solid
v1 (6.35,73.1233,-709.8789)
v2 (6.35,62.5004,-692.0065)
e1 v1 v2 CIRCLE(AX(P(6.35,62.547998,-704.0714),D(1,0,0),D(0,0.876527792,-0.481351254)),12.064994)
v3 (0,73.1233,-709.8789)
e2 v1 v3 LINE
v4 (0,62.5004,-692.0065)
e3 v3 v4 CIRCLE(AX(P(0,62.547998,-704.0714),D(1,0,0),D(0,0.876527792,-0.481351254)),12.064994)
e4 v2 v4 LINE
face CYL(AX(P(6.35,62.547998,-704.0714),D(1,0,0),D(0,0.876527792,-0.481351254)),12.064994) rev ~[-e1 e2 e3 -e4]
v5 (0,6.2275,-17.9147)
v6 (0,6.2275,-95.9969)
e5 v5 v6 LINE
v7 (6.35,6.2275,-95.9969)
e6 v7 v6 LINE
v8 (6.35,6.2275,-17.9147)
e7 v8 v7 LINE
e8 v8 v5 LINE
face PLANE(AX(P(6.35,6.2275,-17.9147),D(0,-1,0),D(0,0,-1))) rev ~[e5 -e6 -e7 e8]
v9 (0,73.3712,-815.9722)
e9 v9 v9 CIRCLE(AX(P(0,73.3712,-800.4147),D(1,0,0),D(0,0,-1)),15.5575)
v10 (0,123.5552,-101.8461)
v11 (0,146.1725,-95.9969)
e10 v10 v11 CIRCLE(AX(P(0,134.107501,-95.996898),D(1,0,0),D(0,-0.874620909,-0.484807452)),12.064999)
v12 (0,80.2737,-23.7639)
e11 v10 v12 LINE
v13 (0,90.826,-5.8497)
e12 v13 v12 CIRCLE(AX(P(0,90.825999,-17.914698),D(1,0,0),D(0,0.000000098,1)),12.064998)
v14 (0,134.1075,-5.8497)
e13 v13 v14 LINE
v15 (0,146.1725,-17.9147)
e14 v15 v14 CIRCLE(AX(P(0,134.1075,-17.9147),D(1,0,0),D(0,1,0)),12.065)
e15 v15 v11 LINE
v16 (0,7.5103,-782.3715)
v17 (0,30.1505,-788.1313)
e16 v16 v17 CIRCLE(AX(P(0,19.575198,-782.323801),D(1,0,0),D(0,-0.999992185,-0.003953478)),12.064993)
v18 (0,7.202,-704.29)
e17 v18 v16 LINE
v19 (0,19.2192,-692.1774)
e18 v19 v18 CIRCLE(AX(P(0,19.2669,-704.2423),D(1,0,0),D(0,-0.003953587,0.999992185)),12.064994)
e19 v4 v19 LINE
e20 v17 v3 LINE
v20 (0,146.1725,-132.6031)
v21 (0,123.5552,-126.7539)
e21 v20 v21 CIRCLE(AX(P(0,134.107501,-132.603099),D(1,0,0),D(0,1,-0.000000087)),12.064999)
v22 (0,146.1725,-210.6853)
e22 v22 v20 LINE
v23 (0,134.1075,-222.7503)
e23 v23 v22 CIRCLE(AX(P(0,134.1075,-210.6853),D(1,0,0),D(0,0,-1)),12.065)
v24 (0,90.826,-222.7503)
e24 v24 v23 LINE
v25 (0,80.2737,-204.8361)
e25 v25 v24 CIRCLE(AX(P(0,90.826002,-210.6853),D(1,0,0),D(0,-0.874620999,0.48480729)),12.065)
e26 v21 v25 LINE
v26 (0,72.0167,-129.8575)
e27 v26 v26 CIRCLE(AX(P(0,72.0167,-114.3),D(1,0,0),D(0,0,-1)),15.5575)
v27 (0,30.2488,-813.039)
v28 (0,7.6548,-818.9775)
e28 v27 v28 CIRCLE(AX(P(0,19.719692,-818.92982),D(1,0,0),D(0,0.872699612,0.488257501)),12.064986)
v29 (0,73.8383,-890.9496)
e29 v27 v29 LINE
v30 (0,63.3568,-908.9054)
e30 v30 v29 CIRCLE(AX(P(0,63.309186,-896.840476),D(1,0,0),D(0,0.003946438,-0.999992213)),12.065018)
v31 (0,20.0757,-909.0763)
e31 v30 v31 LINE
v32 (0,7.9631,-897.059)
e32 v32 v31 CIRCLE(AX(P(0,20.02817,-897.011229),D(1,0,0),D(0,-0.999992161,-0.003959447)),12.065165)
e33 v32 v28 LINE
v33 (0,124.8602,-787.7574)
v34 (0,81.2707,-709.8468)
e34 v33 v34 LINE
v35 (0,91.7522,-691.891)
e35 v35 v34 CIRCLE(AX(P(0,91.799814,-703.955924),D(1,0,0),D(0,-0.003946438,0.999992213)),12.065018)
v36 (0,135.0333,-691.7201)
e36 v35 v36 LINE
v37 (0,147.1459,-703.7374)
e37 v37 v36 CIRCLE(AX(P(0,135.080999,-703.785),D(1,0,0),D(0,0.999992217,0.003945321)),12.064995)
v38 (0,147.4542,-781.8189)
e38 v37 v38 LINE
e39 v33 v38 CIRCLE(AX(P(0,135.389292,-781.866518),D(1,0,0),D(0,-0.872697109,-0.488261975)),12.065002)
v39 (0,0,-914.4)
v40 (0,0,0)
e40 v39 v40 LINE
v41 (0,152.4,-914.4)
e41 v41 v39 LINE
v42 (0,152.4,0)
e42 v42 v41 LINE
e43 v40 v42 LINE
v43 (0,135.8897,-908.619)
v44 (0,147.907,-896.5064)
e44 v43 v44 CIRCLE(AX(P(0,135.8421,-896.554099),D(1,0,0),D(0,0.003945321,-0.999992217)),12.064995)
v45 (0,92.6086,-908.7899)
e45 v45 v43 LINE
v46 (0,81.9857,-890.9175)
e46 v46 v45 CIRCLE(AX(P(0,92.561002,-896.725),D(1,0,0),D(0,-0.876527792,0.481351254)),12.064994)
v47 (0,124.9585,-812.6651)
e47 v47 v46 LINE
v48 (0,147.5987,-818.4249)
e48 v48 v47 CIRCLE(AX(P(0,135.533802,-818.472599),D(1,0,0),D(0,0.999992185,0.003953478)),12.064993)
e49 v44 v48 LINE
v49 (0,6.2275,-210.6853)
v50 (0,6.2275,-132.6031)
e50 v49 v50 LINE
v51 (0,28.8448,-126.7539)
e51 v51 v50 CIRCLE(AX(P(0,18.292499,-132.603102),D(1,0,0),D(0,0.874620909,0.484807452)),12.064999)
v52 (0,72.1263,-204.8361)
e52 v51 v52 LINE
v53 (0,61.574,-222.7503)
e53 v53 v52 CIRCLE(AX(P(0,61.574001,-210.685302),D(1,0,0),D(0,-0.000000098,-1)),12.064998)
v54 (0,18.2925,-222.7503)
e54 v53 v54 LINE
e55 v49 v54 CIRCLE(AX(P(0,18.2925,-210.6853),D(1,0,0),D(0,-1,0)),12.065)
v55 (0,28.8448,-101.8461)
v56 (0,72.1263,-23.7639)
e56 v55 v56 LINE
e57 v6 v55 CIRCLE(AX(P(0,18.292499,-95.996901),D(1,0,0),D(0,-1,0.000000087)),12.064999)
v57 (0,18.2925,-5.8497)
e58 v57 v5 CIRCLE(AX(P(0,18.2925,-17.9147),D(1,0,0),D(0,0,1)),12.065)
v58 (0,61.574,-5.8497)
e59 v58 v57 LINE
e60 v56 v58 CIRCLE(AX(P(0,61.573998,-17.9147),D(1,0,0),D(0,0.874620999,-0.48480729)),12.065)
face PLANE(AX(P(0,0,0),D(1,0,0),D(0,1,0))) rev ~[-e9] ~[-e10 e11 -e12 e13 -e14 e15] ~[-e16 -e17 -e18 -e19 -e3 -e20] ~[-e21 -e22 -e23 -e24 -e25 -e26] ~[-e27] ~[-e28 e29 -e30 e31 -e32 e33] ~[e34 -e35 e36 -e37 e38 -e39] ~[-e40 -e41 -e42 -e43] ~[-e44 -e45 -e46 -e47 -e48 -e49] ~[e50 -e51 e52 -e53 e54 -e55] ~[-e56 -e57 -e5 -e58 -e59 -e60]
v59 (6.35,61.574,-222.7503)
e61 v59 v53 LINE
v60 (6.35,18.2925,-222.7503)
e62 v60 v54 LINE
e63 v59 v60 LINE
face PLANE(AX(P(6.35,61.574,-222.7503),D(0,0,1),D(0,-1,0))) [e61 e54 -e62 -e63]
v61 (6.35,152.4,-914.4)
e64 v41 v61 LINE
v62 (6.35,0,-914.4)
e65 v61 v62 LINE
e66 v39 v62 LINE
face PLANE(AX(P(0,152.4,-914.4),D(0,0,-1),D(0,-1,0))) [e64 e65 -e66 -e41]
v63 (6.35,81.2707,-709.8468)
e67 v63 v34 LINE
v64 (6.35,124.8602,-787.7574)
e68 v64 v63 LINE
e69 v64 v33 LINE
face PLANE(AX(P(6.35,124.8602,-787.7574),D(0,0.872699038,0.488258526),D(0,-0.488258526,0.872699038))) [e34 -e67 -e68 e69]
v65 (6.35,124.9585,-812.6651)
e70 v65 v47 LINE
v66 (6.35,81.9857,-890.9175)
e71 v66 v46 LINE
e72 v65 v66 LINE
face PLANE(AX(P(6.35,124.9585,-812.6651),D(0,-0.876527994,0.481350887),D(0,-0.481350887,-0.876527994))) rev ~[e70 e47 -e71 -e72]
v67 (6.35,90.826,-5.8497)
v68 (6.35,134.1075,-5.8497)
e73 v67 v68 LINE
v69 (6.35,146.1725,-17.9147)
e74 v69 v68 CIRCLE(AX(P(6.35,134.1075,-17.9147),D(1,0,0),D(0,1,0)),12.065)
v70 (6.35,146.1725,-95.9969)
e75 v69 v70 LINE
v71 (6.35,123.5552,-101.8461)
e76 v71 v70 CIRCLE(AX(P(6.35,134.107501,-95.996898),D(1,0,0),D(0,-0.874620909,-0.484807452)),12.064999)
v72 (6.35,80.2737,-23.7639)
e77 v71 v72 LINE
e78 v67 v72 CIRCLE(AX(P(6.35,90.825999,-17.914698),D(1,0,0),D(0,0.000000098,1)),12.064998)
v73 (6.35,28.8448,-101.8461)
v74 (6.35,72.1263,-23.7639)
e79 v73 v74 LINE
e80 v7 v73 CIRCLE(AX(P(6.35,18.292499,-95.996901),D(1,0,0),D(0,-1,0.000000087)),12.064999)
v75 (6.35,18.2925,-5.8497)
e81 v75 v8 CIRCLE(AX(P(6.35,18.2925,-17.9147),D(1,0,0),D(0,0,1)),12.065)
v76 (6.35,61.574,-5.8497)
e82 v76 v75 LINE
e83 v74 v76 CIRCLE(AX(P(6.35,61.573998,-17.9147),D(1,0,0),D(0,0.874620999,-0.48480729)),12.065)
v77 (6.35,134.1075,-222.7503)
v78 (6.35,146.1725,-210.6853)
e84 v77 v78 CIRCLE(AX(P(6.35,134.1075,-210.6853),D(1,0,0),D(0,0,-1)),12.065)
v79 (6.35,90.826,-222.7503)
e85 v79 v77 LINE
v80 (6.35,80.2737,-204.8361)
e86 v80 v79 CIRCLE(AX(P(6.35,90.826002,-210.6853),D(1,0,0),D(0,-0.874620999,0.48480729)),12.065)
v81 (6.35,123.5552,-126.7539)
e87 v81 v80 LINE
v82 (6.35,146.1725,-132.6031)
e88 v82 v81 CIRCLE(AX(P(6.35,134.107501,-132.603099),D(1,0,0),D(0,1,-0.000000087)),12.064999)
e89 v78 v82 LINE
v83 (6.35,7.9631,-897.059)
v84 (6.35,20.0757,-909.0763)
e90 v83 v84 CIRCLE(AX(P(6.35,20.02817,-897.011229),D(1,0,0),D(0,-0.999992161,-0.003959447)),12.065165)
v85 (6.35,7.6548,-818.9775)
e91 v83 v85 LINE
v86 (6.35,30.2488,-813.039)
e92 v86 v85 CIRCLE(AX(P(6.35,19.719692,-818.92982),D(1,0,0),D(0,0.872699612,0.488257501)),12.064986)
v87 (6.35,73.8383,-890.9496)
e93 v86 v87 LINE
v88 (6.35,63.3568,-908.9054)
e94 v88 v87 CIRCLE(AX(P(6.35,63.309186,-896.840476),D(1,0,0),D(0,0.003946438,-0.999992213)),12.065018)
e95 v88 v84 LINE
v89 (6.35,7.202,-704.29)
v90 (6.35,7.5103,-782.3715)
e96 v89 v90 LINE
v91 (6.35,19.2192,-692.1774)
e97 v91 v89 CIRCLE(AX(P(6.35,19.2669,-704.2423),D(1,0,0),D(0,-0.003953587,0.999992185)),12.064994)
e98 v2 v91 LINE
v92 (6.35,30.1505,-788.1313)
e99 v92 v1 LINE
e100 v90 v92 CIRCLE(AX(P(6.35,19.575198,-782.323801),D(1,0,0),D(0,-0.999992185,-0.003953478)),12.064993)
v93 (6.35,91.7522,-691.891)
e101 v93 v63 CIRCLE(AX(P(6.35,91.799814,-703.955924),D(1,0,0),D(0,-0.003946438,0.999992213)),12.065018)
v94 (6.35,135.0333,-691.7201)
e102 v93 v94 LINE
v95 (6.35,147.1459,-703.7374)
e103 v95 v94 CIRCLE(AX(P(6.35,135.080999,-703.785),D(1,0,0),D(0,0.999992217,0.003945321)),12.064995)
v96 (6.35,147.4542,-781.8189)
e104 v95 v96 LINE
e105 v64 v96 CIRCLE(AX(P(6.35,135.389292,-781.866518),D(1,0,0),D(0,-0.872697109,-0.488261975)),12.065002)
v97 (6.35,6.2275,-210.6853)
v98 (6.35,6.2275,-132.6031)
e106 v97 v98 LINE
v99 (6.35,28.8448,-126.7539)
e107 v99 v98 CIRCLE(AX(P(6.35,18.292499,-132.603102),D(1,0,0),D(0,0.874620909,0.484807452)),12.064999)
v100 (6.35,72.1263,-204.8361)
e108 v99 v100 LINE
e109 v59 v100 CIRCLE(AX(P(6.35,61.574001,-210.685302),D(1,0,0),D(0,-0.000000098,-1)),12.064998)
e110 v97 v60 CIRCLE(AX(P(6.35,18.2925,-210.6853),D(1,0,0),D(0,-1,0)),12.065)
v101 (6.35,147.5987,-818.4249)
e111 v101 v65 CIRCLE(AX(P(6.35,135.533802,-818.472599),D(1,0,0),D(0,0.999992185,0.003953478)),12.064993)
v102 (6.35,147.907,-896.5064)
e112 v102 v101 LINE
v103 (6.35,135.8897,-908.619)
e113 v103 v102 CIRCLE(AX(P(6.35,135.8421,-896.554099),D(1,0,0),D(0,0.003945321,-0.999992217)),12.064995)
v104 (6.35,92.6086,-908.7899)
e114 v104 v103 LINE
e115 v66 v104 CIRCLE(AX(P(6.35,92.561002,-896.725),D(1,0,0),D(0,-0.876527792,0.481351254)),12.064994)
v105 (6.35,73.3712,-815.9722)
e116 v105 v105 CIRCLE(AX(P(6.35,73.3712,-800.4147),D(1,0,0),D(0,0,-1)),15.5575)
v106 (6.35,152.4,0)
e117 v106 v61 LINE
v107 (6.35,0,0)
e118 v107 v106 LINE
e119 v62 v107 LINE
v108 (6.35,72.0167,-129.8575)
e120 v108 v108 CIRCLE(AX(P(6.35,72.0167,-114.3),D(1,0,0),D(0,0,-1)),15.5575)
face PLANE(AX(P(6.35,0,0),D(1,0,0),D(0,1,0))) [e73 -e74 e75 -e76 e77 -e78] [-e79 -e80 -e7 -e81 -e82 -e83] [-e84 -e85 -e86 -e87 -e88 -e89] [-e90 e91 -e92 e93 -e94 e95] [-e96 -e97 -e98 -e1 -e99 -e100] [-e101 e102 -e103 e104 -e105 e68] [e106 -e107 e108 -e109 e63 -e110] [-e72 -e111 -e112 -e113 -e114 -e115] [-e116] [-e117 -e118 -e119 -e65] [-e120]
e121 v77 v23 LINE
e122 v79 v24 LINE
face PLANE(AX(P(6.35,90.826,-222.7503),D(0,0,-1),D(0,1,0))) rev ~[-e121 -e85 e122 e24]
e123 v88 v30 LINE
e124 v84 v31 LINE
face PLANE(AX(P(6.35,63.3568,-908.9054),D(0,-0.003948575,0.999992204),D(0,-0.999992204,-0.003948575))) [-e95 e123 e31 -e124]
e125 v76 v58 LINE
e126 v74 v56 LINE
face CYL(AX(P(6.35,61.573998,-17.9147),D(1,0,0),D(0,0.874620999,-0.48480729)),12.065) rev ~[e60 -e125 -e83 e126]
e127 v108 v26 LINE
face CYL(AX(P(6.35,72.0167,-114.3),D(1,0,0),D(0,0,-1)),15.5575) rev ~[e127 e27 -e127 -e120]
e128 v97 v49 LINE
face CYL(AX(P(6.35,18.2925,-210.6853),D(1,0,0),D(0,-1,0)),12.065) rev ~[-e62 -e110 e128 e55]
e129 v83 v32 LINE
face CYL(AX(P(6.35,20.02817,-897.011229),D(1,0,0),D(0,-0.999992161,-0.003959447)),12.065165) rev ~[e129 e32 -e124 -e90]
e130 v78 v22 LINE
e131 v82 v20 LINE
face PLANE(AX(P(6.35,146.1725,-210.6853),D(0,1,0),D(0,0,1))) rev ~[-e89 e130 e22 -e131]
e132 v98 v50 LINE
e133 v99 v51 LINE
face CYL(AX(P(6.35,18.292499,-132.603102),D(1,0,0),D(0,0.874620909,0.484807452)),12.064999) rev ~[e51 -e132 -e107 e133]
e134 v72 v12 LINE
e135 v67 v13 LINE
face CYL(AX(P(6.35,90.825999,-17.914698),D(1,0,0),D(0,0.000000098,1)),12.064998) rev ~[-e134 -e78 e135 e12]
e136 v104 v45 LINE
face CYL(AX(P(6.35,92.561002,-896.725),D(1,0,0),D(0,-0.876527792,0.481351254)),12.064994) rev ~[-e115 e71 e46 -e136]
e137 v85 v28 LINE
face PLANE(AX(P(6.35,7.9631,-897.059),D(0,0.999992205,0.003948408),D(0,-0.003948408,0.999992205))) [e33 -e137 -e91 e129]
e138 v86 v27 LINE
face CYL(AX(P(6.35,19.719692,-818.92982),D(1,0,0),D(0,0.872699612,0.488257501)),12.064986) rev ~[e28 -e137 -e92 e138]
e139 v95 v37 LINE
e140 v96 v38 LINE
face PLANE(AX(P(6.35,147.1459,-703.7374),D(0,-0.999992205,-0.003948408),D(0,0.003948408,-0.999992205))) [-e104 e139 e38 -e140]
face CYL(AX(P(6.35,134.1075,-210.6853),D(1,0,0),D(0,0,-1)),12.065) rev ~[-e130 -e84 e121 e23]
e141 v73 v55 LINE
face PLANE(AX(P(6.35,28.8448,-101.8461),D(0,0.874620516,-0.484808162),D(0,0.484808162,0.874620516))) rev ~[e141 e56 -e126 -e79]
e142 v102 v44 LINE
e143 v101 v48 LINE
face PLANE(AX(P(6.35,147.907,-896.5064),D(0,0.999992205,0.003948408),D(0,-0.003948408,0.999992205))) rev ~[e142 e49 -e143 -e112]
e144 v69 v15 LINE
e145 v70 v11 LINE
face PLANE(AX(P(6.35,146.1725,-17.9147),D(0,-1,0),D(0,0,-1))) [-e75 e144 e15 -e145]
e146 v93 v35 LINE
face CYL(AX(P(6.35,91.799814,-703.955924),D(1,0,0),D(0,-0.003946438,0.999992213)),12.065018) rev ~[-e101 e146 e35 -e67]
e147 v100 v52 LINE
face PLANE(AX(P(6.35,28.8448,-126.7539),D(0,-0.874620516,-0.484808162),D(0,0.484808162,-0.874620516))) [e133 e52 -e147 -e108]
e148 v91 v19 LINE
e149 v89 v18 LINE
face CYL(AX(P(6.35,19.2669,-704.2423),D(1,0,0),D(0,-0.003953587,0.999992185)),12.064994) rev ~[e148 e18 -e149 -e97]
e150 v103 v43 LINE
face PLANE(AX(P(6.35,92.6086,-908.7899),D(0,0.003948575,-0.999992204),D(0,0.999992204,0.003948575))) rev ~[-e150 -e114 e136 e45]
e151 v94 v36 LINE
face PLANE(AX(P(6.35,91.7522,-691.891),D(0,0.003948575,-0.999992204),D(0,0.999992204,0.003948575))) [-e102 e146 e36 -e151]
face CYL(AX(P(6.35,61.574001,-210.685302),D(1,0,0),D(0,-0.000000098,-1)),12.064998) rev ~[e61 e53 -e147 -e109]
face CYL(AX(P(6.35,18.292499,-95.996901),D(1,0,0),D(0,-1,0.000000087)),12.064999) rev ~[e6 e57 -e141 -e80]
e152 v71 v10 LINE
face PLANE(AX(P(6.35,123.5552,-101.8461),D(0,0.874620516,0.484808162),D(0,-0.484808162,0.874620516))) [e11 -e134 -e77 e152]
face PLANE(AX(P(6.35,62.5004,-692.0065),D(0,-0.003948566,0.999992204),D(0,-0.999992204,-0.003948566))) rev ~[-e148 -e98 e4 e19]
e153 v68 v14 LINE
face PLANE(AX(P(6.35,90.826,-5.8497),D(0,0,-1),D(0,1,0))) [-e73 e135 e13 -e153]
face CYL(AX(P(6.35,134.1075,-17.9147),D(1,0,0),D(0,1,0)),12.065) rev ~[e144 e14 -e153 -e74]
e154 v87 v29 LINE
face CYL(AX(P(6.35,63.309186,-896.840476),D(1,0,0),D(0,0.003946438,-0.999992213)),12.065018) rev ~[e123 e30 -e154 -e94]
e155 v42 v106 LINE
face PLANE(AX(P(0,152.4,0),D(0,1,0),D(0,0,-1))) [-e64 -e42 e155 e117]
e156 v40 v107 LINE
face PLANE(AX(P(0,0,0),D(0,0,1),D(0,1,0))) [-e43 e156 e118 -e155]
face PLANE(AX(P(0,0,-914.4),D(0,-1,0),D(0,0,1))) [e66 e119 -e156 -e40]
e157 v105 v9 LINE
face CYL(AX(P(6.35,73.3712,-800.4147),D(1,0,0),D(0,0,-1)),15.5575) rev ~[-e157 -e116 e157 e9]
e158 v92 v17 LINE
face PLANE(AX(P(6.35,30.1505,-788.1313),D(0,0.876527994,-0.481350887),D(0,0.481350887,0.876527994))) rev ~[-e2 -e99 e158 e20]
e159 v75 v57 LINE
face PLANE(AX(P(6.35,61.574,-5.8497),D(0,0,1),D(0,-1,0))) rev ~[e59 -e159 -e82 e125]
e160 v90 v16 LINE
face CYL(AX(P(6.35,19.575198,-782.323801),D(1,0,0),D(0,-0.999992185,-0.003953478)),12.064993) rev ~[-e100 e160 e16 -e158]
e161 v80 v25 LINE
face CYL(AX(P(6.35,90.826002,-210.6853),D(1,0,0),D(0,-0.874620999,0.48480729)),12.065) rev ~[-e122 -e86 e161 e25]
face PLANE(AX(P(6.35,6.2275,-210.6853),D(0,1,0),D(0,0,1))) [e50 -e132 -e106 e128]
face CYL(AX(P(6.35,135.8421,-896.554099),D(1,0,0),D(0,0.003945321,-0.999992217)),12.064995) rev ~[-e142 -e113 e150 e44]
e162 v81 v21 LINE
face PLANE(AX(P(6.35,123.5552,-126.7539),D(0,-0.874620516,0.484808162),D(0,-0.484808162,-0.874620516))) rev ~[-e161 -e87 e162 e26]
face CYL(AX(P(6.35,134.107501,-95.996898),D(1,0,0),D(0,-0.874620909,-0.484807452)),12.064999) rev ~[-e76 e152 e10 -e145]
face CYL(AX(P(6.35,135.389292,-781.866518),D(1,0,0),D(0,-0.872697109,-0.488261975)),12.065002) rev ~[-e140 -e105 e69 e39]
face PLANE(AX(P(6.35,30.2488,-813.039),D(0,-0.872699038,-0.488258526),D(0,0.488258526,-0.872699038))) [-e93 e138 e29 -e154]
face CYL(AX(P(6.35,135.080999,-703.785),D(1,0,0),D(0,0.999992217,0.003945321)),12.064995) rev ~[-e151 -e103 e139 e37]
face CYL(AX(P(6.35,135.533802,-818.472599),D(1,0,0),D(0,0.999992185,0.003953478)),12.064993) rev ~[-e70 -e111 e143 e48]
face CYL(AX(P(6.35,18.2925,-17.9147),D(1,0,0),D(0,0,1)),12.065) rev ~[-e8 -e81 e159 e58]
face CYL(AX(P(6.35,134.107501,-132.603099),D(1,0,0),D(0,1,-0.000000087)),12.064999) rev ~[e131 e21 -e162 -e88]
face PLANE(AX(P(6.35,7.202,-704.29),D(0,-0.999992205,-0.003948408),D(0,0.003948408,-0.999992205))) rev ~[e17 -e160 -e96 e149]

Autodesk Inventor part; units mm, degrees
ref_plane "YZ Plane" through (0, 0, 0) normal (1, 0, 0) x (0, 1, 0)
ref_plane "XZ Plane" through (0, 0, 0) normal (0, 1, 0) x (-1, 0, 0)
ref_plane "XY Plane" through (0, 0, 0) normal (0, 0, 1) x (1, 0, 0)
sketch "Sketch1" plane through (0, 0, 0) normal (1, 0, 0) x (0, 1, 0)
  line L0 (0, 0) -> (152.4, 0)
  line L1 (152.4, 0) -> (152.4, -914.4)
  line L2 (152.4, -914.4) -> (0, -914.4)
  line L3 (0, -914.4) -> (0, 0)
  dimension "d0" = 152.4
  dimension "d1" = 914.4
extrude "Extrusion1" add sketch "Sketch1" along normal blind 6.35
sketch "Sketch2" plane through (6.35, 0, 0) normal (1, 0, 0) x (0, 0, -1)
  line L0 (0, 152.4) -> (0, 0) construction
  line L1 (914.4, 152.4) -> (0, 152.4) construction
  line L2 (0, 152.4) -> (457.2, 152.4) construction
  line L3 (228.6, 152.4) -> (0, 152.4) construction
  line L4 (17.9147, 146.1725) -> (95.9969, 146.1725)
  arc A0 (101.8461, 123.5552) -> (95.9969, 146.1725) centre (95.9969, 134.1075) ccw
  line L5 (101.8461, 123.5552) -> (23.7639, 80.2737)
  arc A1 (5.8497, 90.826) -> (23.7639, 80.2737) centre (17.9147, 90.826) ccw
  line L6 (5.8497, 90.826) -> (5.8497, 134.1075)
  arc A2 (17.9147, 146.1725) -> (5.8497, 134.1075) centre (17.9147, 134.1075) ccw
  line L7 (210.6853, 146.1725) -> (132.6031, 146.1725)
  arc A3 (132.6031, 146.1725) -> (126.7539, 123.5552) centre (132.6031, 134.1075) ccw
  line L8 (126.7539, 123.5552) -> (204.8361, 80.2737)
  arc A4 (204.8361, 80.2737) -> (222.7503, 90.826) centre (210.6853, 90.826) ccw
  line L9 (222.7503, 90.826) -> (222.7503, 134.1075)
  arc A5 (222.7503, 134.1075) -> (210.6853, 146.1725) centre (210.6853, 134.1075) ccw
  line L10 (17.9147, 6.2275) -> (95.9969, 6.2275)
  arc A6 (95.9969, 6.2275) -> (101.8461, 28.8448) centre (95.9969, 18.2925) ccw
  line L11 (101.8461, 28.8448) -> (23.7639, 72.1263)
  arc A7 (23.7639, 72.1263) -> (5.8497, 61.574) centre (17.9147, 61.574) ccw
  line L12 (5.8497, 61.574) -> (5.8497, 18.2925)
  arc A8 (5.8497, 18.2925) -> (17.9147, 6.2275) centre (17.9147, 18.2925) ccw
  line L13 (126.7539, 28.8448) -> (204.8361, 72.1263)
  line L14 (210.6853, 6.2275) -> (132.6031, 6.2275)
  line L15 (222.7503, 61.574) -> (222.7503, 18.2925)
  arc A9 (222.7503, 61.574) -> (204.8361, 72.1263) centre (210.6853, 61.574) ccw
  arc A10 (210.6853, 6.2275) -> (222.7503, 18.2925) centre (210.6853, 18.2925) ccw
  arc A11 (126.7539, 28.8448) -> (132.6031, 6.2275) centre (132.6031, 18.2925) ccw
  line L16 (896.5064, 147.907) -> (818.4249, 147.5987)
  arc A12 (818.4249, 147.5987) -> (812.6651, 124.9585) centre (818.4726, 135.5338) ccw
  line L17 (812.6651, 124.9585) -> (890.9175, 81.9857)
  arc A13 (890.9175, 81.9857) -> (908.7899, 92.6086) centre (896.725, 92.561) ccw
  line L18 (908.7899, 92.6086) -> (908.619, 135.8897)
  arc A14 (908.619, 135.8897) -> (896.5064, 147.907) centre (896.5541, 135.8421) ccw
  line L19 (787.7574, 124.8602) -> (709.8468, 81.2707)
  line L20 (703.7374, 147.1459) -> (781.8189, 147.4542)
  line L21 (691.891, 91.7522) -> (691.7201, 135.0333)
  arc A15 (691.891, 91.7522) -> (709.8468, 81.2707) centre (703.9559, 91.7998) ccw
  arc A16 (703.7374, 147.1459) -> (691.7201, 135.0333) centre (703.785, 135.081) ccw
  arc A17 (787.7574, 124.8602) -> (781.8189, 147.4542) centre (781.8665, 135.3893) ccw
  arc A18 (897.059, 7.9631) -> (909.0763, 20.0757) centre (897.0113, 20.028) ccw
  line L22 (897.059, 7.9631) -> (818.9775, 7.6548)
  line L23 (813.039, 30.2488) -> (890.9496, 73.8383)
  arc A19 (813.039, 30.2488) -> (818.9775, 7.6548) centre (818.9298, 19.7197) ccw
  line L24 (908.9054, 63.3568) -> (909.0763, 20.0757)
  arc A20 (908.9054, 63.3568) -> (890.9496, 73.8383) centre (896.8405, 63.3092) ccw
  arc A21 (782.3715, 7.5103) -> (788.1313, 30.1505) centre (782.3238, 19.5752) ccw
  line L25 (704.29, 7.202) -> (782.3715, 7.5103)
  arc A22 (709.8789, 73.1233) -> (692.0065, 62.5004) centre (704.0714, 62.548) ccw
  line L26 (692.0065, 62.5004) -> (692.1774, 19.2192)
  arc A23 (692.1774, 19.2192) -> (704.29, 7.202) centre (704.2423, 19.2669) ccw
  line L27 (788.1313, 30.1505) -> (709.8789, 73.1233)
  circle A24 centre (114.3, 72.0167) radius 15.5575
  circle A25 centre (800.4147, 73.3712) radius 15.5575
extrude "Extrusion3" cut sketch "Sketch2" against normal blind 25.4
properties part number "R-SideV1"
